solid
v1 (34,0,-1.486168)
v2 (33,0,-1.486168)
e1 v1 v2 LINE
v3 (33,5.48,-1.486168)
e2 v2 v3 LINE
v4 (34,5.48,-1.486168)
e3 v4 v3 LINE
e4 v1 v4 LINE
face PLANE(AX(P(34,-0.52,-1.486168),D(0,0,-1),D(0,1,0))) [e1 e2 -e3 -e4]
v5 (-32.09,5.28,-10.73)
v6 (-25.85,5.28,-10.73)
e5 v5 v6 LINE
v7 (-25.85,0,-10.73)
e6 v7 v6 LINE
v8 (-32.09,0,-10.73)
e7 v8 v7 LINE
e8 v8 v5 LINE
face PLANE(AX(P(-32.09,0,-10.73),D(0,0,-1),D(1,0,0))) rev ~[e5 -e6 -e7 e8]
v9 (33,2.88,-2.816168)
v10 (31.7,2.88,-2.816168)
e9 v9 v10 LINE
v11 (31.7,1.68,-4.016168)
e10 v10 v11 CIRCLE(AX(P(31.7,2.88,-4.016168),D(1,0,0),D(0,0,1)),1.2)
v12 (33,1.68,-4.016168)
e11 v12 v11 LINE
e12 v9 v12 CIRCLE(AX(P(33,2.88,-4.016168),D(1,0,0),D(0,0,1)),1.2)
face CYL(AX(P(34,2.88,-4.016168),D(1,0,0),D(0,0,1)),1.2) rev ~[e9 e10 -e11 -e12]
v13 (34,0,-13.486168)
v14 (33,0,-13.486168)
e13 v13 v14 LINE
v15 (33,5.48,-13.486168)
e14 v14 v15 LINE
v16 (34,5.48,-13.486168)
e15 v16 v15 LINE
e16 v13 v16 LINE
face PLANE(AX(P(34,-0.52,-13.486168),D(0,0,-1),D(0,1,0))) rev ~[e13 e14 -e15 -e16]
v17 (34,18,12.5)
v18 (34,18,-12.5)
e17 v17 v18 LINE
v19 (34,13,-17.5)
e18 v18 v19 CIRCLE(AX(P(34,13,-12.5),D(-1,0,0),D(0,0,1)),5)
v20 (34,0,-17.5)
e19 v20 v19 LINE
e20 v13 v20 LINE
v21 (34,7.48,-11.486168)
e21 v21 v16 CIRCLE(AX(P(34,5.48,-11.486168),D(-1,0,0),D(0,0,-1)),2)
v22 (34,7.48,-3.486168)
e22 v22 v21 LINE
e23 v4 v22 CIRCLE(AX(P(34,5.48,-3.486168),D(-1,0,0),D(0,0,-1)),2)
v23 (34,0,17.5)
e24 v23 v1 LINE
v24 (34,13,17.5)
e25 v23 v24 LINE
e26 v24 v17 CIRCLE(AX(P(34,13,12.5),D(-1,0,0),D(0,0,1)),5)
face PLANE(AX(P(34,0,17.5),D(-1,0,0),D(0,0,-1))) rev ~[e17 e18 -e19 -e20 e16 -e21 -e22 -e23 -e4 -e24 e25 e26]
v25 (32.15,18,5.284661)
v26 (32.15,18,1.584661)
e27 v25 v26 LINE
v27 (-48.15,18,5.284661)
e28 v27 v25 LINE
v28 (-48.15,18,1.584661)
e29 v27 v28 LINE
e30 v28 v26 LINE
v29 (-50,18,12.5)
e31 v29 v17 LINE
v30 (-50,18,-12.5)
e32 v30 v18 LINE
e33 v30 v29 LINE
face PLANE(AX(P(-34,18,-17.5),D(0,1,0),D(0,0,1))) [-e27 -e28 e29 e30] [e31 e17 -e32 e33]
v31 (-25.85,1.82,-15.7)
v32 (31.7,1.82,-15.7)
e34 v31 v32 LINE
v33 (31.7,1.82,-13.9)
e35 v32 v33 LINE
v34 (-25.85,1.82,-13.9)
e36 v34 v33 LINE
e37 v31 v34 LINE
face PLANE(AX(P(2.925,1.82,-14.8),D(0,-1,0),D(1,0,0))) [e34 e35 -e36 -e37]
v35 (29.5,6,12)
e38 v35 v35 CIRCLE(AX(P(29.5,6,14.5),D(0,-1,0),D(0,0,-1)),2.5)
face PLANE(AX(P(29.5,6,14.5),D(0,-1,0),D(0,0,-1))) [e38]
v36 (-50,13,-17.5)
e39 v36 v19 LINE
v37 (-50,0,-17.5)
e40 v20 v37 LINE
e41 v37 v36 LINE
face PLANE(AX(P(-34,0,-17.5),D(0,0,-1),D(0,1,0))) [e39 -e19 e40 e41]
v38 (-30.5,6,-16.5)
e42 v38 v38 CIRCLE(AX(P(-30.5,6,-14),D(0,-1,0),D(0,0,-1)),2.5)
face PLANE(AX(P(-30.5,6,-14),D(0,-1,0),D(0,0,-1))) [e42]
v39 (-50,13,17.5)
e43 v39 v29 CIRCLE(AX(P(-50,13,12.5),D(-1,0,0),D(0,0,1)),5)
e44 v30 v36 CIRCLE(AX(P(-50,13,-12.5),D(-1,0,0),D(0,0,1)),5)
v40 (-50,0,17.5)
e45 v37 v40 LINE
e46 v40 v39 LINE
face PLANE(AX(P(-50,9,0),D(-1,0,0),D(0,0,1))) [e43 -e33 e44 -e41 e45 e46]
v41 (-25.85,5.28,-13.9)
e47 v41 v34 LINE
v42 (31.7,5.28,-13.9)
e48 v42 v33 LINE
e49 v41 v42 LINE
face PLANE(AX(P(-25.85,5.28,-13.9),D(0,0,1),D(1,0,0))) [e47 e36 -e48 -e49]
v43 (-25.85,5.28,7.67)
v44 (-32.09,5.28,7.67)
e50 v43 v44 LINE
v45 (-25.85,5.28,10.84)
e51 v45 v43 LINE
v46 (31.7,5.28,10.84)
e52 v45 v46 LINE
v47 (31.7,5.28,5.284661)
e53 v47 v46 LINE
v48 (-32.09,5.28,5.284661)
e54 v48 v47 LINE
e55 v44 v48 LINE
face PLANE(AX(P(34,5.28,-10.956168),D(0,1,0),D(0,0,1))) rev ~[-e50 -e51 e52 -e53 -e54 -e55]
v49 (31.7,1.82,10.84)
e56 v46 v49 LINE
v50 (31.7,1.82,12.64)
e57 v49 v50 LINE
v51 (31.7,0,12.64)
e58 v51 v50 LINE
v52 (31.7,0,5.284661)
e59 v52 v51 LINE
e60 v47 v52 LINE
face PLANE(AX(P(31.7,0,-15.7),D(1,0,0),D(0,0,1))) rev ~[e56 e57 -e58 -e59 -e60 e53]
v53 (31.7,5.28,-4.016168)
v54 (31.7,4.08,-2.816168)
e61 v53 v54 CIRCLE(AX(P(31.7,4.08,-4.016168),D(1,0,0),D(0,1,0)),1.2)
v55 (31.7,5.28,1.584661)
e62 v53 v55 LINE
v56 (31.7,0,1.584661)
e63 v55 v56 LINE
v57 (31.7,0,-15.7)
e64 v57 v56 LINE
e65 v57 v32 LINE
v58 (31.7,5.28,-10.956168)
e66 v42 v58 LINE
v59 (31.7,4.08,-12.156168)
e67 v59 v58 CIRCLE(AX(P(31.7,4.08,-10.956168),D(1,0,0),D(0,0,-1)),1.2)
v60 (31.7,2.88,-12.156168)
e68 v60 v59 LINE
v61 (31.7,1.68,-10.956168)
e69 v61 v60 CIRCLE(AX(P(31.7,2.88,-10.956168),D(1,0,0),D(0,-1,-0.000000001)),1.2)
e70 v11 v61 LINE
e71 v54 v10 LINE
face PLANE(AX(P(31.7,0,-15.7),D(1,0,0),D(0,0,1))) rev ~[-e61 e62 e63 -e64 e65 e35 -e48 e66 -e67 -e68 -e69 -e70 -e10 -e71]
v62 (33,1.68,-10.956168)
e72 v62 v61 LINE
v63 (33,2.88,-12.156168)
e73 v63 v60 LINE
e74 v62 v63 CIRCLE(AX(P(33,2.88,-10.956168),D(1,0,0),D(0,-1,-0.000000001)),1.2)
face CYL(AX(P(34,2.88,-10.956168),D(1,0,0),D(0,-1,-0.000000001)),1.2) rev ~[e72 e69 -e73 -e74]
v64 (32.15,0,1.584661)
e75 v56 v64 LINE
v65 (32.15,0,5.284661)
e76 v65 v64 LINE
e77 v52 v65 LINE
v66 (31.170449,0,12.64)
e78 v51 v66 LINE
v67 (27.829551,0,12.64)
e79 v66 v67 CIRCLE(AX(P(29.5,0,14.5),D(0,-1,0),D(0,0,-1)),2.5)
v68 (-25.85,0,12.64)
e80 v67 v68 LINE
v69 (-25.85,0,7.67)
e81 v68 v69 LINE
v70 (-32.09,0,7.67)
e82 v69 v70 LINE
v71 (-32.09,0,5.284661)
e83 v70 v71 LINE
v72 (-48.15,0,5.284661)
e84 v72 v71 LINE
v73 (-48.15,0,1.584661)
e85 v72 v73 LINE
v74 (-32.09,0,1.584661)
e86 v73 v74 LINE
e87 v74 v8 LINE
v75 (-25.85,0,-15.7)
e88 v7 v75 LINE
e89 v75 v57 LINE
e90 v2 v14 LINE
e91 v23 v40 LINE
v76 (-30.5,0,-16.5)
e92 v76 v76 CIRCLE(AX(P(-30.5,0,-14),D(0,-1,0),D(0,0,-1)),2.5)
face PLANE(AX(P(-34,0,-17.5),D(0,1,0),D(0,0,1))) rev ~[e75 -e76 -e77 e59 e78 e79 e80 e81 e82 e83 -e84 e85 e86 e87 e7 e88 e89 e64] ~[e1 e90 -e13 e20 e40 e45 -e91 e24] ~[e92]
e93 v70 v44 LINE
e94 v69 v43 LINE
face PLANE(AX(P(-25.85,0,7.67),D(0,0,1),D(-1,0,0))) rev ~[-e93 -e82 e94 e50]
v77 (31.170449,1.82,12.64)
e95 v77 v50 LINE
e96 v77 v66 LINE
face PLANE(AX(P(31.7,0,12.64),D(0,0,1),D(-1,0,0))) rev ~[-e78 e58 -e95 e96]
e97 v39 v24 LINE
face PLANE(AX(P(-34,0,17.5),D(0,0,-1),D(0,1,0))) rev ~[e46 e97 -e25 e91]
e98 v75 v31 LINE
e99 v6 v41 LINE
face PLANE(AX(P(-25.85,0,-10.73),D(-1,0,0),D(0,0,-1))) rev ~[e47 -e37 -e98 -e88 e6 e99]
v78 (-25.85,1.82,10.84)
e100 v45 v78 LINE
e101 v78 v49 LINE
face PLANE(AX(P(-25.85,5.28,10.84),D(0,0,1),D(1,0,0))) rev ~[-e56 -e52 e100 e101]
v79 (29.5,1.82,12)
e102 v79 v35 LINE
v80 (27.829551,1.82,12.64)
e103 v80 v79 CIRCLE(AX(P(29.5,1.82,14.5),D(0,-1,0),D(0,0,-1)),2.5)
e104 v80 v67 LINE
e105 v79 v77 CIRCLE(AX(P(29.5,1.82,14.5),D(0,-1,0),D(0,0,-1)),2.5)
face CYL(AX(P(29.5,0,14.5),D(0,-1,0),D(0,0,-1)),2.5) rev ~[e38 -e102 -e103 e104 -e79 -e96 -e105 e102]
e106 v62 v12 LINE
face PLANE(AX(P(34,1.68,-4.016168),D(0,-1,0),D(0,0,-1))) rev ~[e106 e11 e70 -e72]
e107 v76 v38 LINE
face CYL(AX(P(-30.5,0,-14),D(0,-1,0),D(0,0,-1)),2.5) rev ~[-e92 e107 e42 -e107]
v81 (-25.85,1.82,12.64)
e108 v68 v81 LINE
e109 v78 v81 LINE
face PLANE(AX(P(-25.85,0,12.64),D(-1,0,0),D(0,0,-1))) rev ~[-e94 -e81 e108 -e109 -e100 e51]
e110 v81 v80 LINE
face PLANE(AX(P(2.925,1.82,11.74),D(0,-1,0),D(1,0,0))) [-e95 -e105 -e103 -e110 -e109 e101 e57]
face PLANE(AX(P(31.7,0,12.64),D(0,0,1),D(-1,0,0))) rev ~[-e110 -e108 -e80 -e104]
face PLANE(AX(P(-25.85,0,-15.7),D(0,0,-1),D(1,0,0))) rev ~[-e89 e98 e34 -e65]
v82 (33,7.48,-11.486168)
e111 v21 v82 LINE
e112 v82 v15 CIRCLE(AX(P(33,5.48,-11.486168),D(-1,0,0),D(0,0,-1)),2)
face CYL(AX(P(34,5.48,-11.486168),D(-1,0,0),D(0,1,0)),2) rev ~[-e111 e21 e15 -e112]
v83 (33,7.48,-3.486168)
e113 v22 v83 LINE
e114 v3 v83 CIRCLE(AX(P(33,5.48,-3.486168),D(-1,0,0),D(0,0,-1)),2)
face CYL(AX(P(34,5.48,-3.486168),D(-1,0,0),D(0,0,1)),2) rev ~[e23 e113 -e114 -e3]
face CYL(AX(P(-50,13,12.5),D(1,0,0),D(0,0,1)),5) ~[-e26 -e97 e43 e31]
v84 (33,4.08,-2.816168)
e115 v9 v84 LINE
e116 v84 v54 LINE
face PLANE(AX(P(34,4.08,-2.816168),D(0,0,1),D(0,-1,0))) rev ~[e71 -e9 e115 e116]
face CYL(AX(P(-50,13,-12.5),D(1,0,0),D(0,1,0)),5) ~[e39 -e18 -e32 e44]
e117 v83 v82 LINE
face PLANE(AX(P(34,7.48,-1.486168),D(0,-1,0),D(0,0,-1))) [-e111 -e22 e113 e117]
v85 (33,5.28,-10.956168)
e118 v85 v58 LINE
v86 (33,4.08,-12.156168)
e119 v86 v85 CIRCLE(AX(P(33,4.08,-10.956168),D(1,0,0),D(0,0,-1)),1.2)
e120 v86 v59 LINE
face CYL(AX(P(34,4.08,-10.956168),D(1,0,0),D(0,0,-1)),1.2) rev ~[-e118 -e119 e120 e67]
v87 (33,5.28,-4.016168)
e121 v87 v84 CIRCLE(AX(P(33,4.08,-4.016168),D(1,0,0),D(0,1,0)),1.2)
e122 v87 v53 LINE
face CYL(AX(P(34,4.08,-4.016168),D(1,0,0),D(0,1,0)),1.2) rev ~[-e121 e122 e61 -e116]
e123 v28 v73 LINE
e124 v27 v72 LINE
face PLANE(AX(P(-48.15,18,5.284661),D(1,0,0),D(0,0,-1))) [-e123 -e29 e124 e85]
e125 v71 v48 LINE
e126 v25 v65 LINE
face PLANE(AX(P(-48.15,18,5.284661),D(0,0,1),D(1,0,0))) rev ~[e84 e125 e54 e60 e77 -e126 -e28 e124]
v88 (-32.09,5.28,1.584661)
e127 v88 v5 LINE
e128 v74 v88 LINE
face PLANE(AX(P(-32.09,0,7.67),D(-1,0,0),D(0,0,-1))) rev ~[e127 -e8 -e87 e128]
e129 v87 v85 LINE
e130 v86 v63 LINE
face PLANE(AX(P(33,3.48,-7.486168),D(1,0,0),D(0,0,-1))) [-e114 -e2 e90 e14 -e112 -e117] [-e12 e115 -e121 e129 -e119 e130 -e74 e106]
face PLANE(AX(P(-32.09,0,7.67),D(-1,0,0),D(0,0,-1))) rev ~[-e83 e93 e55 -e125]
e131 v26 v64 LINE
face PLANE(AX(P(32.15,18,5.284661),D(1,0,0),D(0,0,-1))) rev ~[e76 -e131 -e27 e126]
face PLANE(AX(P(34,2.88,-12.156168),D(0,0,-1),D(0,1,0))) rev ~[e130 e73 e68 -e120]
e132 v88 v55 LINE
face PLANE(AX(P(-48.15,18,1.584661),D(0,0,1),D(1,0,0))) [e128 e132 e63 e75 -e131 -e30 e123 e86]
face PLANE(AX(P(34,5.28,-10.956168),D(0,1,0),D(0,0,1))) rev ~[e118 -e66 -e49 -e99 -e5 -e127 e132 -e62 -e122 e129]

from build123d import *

# Parameters (mm, degrees)
SKETCH1_W           = 68
SKETCH1_H           = 35
BOSS_EXTRUDE1_DEPTH = 18
CUT_EXTRUDE1_DEPTH  = 5.28
SKETCH4_W           = 57.55
SKETCH4_H           = 1.8
BOSS_EXTRUDE2_DEPTH = 3.46
SKETCH5_R           = 2.5
CUT_EXTRUDE2_DEPTH  = 6
SKETCH6_W           = 35
SKETCH6_H           = 18
BOSS_EXTRUDE3_DEPTH = 16
CUT_EXTRUDE3_DEPTH  = 3
SKETCH9_W           = 80.3
SKETCH9_H           = 3.7
CUT_EXTRUDE4_DEPTH  = 20
SKETCH10_W          = 12
SKETCH10_H          = 8
CUT_EXTRUDE5_DEPTH  = 1
FILLET1_R           = 2
FILLET2_R           = 5


with BuildPart() as part:
    # Sketch1 → Boss-Extrude1 (new body)
    with BuildSketch(Plane(origin=(0, 0, 0), x_dir=(1, 0, 0), z_dir=(0, 1, 0))):
        Rectangle(SKETCH1_W, SKETCH1_H)
    extrude(amount=BOSS_EXTRUDE1_DEPTH)

    # Sketch3 → Cut-Extrude1 (cut)
    with BuildSketch(Plane.XZ):
        Polygon((31.7, -15.7), (31.7, 12.64), (-25.85, 12.64), (-25.85, 7.67), (-32.09, 7.67), (-32.09, -10.73), (-25.85, -10.73), (-25.85, -15.7), align=None)
    extrude(amount=-CUT_EXTRUDE1_DEPTH, mode=Mode.SUBTRACT)

    # Sketch4 → Boss-Extrude2 (add)
    with BuildSketch(Plane.XZ.offset(-5.28)):
        with Locations((2.925, 11.74)):
            Rectangle(SKETCH4_W, SKETCH4_H)
        with Locations((2.925, -14.8)):
            Rectangle(SKETCH4_W, SKETCH4_H)
    extrude(amount=BOSS_EXTRUDE2_DEPTH)

    # Sketch5 → Cut-Extrude2 (cut)
    with BuildSketch(Plane.XZ):
        with Locations(Location((29.5, 14.5, 0), (0, 0, 270))):
            Circle(SKETCH5_R)
        with Locations(Location((-30.5, -14, 0), (0, 0, 270))):
            Circle(SKETCH5_R)
    extrude(amount=-CUT_EXTRUDE2_DEPTH, mode=Mode.SUBTRACT)

    # Sketch6 → Boss-Extrude3 (add)
    with BuildSketch(Plane.ZY.offset(34)):
        with Locations((0, 9)):
            Rectangle(SKETCH6_W, SKETCH6_H)
    extrude(amount=BOSS_EXTRUDE3_DEPTH)

    # Sketch8 → Cut-Extrude3 (cut)
    with BuildSketch(Plane(origin=(34, 0, 0), x_dir=(0, 0, -1), z_dir=(1, 0, 0))):
        with BuildLine():
            Line((2.816168173, 4.079999973), (2.816168173, 2.879999987))
            ThreePointArc((2.816168173, 2.879999987), (3.167640032, 2.031471858), (4.016168161, 1.679999999))
            Line((4.016168161, 1.679999999), (10.956168078, 1.679999999))
            ThreePointArc((10.956168078, 1.679999999), (11.804696206, 2.031471858), (12.156168065, 2.879999987))
            Line((12.156168065, 2.879999987), (12.156168065, 4.079999973))
            ThreePointArc((12.156168065, 4.079999973), (11.804696206, 4.928528102), (10.956168078, 5.279999961))
            Line((10.956168078, 5.279999961), (4.016168161, 5.279999961))
            ThreePointArc((4.016168161, 5.279999961), (3.167640032, 4.928528102), (2.816168173, 4.079999973))
        make_face()
    extrude(amount=-CUT_EXTRUDE3_DEPTH, mode=Mode.SUBTRACT)

    # Sketch9 → Cut-Extrude4 (cut)
    with BuildSketch(Plane(origin=(0, 18, 0), x_dir=(1, 0, 0), z_dir=(0, 1, 0))):
        with Locations((-8, -3.4346612)):
            Rectangle(SKETCH9_W, SKETCH9_H)
    extrude(amount=-CUT_EXTRUDE4_DEPTH, mode=Mode.SUBTRACT)

    # Sketch10 → Cut-Extrude5 (cut)
    with BuildSketch(Plane(origin=(34, 0, 0), x_dir=(0, 0, -1), z_dir=(1, 0, 0))):
        with Locations((7.486168119, 3.47999998)):
            Rectangle(SKETCH10_W, SKETCH10_H)
    extrude(amount=-CUT_EXTRUDE5_DEPTH, mode=Mode.SUBTRACT)

    # Fillet1
    fillet1_edges = [part.edges().sort_by_distance(p)[0] for p in [
        (33.5, 7.47999998, -13.486168119),
        (33.5, 7.47999998, -1.486168119),
    ]]
    fillet(fillet1_edges, radius=FILLET1_R)

    # Fillet2
    fillet2_edges = [part.edges().sort_by_distance(p)[0] for p in [
        (-8, 18, 17.5),
        (-8, 18, -17.5),
    ]]
    fillet(fillet2_edges, radius=FILLET2_R)


solid = part.part
